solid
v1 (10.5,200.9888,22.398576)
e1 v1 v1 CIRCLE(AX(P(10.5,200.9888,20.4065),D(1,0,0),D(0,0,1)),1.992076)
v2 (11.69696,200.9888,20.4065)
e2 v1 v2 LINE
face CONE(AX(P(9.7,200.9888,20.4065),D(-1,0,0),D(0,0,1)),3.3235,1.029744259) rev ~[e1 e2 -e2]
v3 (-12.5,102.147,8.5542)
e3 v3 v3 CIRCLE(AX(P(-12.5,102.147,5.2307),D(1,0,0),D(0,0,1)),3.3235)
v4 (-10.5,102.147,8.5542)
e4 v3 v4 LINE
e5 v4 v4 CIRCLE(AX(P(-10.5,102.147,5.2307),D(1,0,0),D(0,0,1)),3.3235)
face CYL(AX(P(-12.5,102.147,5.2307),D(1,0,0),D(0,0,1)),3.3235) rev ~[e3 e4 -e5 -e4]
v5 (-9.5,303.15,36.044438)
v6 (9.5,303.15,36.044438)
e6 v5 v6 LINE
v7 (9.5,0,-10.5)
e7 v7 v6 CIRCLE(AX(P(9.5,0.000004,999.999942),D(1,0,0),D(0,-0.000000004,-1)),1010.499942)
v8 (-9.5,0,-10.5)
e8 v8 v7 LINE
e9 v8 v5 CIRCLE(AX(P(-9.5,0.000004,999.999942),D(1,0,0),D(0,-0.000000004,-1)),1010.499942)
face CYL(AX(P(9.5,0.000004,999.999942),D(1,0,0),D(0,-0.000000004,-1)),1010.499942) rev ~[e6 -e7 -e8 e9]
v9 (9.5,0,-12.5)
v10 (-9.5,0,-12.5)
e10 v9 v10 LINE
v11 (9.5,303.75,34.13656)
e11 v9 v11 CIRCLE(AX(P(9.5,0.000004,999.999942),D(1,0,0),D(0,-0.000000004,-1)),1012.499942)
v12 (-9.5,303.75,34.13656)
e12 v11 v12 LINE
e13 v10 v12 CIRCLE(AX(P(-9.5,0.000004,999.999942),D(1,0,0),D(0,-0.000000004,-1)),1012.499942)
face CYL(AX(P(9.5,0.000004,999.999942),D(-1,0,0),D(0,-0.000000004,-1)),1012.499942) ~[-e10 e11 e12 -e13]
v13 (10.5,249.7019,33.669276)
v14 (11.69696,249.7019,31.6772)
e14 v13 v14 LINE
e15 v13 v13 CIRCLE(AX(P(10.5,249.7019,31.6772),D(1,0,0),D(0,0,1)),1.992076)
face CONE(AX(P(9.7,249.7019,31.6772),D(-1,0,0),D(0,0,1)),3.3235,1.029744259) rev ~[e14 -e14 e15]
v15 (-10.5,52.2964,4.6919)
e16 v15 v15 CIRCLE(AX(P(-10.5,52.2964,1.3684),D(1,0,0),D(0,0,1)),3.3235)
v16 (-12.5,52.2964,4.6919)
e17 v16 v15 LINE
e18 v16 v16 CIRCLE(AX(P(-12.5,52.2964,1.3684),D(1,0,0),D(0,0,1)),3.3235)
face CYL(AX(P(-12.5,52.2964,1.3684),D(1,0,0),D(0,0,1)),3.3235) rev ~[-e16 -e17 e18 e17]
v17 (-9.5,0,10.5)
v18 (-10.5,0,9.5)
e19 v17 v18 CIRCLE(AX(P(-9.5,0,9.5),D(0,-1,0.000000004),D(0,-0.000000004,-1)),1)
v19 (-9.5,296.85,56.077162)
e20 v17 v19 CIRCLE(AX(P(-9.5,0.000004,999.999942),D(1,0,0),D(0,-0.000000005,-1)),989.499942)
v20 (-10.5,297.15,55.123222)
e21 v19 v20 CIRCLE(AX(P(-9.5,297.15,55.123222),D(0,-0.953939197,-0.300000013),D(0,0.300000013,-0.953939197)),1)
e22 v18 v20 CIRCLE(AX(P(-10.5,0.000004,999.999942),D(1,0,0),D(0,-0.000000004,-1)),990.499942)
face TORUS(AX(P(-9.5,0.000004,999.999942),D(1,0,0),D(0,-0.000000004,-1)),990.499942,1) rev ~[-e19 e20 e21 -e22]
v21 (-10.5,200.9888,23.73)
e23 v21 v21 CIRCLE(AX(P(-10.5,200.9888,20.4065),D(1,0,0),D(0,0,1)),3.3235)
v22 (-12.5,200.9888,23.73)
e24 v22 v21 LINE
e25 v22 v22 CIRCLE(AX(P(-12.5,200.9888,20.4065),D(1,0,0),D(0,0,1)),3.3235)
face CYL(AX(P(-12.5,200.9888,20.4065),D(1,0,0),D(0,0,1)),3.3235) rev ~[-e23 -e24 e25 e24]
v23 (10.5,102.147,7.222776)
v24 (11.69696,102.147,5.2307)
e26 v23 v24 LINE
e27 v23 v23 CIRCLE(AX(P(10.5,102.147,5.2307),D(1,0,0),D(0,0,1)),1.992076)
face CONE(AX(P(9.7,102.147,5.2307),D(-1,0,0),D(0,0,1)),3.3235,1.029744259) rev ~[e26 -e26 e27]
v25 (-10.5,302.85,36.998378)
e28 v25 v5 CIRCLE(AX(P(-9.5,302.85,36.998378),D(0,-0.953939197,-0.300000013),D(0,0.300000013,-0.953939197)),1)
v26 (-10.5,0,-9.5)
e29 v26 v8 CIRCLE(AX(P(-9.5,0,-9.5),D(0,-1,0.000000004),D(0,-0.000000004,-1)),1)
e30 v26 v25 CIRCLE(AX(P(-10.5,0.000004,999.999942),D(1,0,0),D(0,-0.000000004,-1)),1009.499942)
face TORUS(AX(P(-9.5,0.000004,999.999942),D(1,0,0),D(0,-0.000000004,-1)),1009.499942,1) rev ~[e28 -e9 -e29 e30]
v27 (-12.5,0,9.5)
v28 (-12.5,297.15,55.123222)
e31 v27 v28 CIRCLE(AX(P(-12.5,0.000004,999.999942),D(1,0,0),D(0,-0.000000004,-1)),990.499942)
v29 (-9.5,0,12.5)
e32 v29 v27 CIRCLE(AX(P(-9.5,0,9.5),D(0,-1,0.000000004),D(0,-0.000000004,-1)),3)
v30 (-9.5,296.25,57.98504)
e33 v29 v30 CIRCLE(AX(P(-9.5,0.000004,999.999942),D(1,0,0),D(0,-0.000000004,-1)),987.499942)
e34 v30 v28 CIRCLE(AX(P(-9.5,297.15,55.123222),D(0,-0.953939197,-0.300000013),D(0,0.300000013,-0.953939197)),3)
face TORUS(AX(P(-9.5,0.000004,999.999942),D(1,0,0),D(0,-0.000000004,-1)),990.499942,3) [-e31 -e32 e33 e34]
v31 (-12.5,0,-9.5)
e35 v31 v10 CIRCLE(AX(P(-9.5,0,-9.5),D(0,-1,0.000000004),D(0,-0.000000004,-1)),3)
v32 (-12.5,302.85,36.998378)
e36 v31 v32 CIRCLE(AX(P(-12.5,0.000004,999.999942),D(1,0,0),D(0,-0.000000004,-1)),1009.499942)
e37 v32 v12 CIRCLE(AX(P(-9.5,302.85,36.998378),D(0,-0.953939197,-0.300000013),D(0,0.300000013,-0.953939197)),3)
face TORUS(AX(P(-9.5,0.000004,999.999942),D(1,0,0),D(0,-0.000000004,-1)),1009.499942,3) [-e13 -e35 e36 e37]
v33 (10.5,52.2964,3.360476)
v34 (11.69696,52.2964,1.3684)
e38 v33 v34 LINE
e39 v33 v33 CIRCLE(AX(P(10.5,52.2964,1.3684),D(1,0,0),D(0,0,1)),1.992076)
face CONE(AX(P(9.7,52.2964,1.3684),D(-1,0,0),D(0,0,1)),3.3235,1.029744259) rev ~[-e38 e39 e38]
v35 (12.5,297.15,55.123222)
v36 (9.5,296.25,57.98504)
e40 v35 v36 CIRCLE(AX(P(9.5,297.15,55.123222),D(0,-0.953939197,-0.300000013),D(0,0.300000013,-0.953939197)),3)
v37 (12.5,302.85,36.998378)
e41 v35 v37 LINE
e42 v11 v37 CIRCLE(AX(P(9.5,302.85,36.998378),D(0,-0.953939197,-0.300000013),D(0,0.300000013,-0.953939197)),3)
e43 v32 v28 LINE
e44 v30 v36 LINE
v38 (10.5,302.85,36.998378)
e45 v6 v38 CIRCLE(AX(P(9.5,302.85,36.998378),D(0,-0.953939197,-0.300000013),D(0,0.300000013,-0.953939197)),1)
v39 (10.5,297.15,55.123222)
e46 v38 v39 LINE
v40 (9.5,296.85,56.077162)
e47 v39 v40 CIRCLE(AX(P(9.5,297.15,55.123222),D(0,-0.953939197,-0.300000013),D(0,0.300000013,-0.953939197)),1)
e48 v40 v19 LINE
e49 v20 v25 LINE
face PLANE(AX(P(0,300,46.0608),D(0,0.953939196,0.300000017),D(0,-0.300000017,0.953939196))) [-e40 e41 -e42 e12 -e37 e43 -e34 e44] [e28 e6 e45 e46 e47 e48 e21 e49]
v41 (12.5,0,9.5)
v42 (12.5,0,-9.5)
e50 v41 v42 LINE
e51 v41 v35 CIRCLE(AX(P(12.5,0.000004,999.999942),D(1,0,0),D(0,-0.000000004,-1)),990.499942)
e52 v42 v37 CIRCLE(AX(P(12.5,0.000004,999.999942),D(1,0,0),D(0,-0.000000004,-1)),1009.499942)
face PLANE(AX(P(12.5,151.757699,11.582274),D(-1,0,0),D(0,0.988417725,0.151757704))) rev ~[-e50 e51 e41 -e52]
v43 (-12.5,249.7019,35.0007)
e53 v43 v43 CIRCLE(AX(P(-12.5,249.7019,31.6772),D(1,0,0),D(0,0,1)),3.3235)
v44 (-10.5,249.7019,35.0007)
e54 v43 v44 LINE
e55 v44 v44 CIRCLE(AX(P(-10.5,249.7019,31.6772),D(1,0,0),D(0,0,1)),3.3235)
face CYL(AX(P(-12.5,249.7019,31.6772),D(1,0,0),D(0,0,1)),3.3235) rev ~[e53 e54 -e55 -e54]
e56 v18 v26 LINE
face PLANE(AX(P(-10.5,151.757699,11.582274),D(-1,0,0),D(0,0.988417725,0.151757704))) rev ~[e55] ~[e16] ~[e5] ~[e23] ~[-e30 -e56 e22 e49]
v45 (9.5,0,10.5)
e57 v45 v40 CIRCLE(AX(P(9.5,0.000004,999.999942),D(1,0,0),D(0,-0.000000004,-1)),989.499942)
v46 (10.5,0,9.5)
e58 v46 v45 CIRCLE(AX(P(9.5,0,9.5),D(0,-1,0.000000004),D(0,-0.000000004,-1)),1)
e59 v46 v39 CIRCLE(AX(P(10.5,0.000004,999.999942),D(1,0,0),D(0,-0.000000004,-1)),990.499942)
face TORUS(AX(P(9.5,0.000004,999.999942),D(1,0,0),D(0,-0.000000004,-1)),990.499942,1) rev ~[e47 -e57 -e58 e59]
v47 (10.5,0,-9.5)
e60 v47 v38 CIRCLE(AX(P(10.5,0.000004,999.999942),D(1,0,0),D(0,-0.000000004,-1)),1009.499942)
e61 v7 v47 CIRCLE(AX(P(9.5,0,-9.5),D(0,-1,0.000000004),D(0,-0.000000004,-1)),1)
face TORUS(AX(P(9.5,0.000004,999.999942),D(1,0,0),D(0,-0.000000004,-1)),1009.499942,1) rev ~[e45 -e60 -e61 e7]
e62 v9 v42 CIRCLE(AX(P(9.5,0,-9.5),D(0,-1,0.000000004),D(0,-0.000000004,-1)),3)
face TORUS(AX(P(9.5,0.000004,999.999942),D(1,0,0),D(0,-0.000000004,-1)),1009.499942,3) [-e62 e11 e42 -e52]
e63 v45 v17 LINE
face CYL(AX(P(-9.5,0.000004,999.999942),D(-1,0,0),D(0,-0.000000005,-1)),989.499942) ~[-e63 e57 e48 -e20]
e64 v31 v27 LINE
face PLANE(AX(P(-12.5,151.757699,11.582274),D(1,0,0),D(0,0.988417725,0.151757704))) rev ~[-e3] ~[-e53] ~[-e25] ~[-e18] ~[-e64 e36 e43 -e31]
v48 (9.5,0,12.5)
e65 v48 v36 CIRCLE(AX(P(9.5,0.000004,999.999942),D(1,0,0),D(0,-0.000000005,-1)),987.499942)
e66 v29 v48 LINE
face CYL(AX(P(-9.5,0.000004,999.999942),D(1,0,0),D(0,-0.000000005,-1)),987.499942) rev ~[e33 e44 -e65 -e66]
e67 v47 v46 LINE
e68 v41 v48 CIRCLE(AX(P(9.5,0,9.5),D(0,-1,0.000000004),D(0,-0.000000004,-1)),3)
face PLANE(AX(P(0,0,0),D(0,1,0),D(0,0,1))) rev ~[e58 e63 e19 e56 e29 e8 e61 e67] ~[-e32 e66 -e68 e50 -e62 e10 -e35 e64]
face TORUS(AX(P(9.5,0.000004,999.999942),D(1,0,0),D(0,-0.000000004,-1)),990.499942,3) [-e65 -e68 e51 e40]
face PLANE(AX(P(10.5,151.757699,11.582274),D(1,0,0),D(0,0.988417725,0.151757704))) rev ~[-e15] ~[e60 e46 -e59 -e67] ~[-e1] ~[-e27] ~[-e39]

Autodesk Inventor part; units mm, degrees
ref_plane "YZ Plane" through (0, 0, 0) normal (1, 0, 0) x (0, 1, 0)
ref_plane "XZ Plane" through (0, 0, 0) normal (0, 1, 0) x (-1, 0, 0)
sketch "Sketch1" plane through (0, 0, 0) normal (0, 1, 0) x (-1, 0, 0)
  line L0 (-9.5, 11.5) -> (9.5, 11.5) construction
  line L1 (11.5, 9.5) -> (11.5, -9.5) construction
  line L2 (9.5, -11.5) -> (-9.5, -11.5) construction
  line L3 (-11.5, -9.5) -> (-11.5, 9.5) construction
  line L4 (-11.5, 11.5) -> (11.5, -11.5) construction
  line L5 (11.5, 11.5) -> (-11.5, -11.5) construction
  arc A0 (11.5, 9.5) -> (9.5, 11.5) centre (9.5, 9.5) ccw construction
  arc A1 (9.5, -11.5) -> (11.5, -9.5) centre (9.5, -9.5) ccw construction
  arc A2 (-11.5, -9.5) -> (-9.5, -11.5) centre (-9.5, -9.5) ccw construction
  arc A3 (-9.5, 11.5) -> (-11.5, 9.5) centre (-9.5, 9.5) ccw construction
  line L6 (-9.5, -12.5) -> (9.5, -12.5)
  arc A4 (9.5, -12.5) -> (12.5, -9.5) centre (9.5, -9.5) ccw
  line L7 (12.5, -9.5) -> (12.5, 9.5)
  arc A5 (12.5, 9.5) -> (9.5, 12.5) centre (9.5, 9.5) ccw
  line L8 (9.5, 12.5) -> (-9.5, 12.5)
  arc A6 (-9.5, 12.5) -> (-12.5, 9.5) centre (-9.5, 9.5) ccw
  line L9 (-12.5, 9.5) -> (-12.5, -9.5)
  arc A7 (-12.5, -9.5) -> (-9.5, -12.5) centre (-9.5, -9.5) ccw
  line L10 (10.5, -9.5) -> (10.5, 9.5)
  arc A8 (10.5, 9.5) -> (9.5, 10.5) centre (9.5, 9.5) ccw
  line L11 (9.5, 10.5) -> (-9.5, 10.5)
  arc A9 (-9.5, 10.5) -> (-10.5, 9.5) centre (-9.5, 9.5) ccw
  line L12 (-10.5, 9.5) -> (-10.5, -9.5)
  arc A10 (-10.5, -9.5) -> (-9.5, -10.5) centre (-9.5, -9.5) ccw
  line L13 (-9.5, -10.5) -> (9.5, -10.5)
  arc A11 (9.5, -10.5) -> (10.5, -9.5) centre (9.5, -9.5) ccw
  point P0 (0, 0)
  point P1 (0, 0)
  point P2 (0, 0)
  dimension "d10" = 2
  dimension "depth" = 25
  dimension "width" = 25
  dimension "thickness" = 2
sketch "Sketch3" plane through (0, 0, 0) normal (1, 0, 0) x (0, 1, 0)
  line L0 (0, 0) -> (0, 2000) construction
  arc A0 (0, 0) -> (300, 46.0608) centre (0, 1000) ccw
  line L1 (0, -413.7378) -> (0, 2402.2896) projected
  line L2 (-62.8971, 0) -> (377.3825, 0) projected
  line L3 (0, 1000) -> (314.4855, 0) construction
  dimension "d30" = 2000
  dimension "d31" = 1000
  dimension "d61" = 300
sweep "Sweep1" add profiles "Sketch1" path "Sketch3" path curves A0
ref_plane "Work Plane3" through (-9.5, 0, 1000) normal (0, -0.9884, -0.1518) x (1, 0, 0)
sketch "Sketch5" plane through (-12.5, 0, 1000) normal (-1, 0, 0) x (0, 0.9884, 0.1518)
  arc A0 (151.7577, -988.4177) -> (-151.7577, 988.4177) centre (0, 0) ccw construction
  line L0 (-153.1994, 997.8077) -> (-150.316, 979.0278) projected
  line L1 (153.1994, 997.8077) -> (150.316, 979.0278) projected
  line L2 (0, -1863.5732) -> (0, 2015.3309) construction
  point P0 (-1000, 0)
  point P1 (-99.8594, 995.0016)
  point P2 (-50, 998.7492)
  point P3 (1000, 0)
  point P4 (99.8594, 995.0016)
  point P5 (50, 998.7492)
  point P6 (150.316, 979.0278)
  dimension "d51" = 50
  dimension "d53" = 50
  dimension "d62" = 100
hole "Hole3" at (-12.5, 52.2964, 1.3684) at (-12.5, 102.147, 5.2307) at (-12.5, 249.7019, 31.6772) at (-12.5, 200.9888, 20.4065) direction (1, 0, 0) diameter 6.647 depth 22.2 tip angle 118
equation "\"d10\" = thickness"
equation "\"d31\" = 0.5 * d30"
properties part number "Lacznik zaokraglony" material "Steel"
